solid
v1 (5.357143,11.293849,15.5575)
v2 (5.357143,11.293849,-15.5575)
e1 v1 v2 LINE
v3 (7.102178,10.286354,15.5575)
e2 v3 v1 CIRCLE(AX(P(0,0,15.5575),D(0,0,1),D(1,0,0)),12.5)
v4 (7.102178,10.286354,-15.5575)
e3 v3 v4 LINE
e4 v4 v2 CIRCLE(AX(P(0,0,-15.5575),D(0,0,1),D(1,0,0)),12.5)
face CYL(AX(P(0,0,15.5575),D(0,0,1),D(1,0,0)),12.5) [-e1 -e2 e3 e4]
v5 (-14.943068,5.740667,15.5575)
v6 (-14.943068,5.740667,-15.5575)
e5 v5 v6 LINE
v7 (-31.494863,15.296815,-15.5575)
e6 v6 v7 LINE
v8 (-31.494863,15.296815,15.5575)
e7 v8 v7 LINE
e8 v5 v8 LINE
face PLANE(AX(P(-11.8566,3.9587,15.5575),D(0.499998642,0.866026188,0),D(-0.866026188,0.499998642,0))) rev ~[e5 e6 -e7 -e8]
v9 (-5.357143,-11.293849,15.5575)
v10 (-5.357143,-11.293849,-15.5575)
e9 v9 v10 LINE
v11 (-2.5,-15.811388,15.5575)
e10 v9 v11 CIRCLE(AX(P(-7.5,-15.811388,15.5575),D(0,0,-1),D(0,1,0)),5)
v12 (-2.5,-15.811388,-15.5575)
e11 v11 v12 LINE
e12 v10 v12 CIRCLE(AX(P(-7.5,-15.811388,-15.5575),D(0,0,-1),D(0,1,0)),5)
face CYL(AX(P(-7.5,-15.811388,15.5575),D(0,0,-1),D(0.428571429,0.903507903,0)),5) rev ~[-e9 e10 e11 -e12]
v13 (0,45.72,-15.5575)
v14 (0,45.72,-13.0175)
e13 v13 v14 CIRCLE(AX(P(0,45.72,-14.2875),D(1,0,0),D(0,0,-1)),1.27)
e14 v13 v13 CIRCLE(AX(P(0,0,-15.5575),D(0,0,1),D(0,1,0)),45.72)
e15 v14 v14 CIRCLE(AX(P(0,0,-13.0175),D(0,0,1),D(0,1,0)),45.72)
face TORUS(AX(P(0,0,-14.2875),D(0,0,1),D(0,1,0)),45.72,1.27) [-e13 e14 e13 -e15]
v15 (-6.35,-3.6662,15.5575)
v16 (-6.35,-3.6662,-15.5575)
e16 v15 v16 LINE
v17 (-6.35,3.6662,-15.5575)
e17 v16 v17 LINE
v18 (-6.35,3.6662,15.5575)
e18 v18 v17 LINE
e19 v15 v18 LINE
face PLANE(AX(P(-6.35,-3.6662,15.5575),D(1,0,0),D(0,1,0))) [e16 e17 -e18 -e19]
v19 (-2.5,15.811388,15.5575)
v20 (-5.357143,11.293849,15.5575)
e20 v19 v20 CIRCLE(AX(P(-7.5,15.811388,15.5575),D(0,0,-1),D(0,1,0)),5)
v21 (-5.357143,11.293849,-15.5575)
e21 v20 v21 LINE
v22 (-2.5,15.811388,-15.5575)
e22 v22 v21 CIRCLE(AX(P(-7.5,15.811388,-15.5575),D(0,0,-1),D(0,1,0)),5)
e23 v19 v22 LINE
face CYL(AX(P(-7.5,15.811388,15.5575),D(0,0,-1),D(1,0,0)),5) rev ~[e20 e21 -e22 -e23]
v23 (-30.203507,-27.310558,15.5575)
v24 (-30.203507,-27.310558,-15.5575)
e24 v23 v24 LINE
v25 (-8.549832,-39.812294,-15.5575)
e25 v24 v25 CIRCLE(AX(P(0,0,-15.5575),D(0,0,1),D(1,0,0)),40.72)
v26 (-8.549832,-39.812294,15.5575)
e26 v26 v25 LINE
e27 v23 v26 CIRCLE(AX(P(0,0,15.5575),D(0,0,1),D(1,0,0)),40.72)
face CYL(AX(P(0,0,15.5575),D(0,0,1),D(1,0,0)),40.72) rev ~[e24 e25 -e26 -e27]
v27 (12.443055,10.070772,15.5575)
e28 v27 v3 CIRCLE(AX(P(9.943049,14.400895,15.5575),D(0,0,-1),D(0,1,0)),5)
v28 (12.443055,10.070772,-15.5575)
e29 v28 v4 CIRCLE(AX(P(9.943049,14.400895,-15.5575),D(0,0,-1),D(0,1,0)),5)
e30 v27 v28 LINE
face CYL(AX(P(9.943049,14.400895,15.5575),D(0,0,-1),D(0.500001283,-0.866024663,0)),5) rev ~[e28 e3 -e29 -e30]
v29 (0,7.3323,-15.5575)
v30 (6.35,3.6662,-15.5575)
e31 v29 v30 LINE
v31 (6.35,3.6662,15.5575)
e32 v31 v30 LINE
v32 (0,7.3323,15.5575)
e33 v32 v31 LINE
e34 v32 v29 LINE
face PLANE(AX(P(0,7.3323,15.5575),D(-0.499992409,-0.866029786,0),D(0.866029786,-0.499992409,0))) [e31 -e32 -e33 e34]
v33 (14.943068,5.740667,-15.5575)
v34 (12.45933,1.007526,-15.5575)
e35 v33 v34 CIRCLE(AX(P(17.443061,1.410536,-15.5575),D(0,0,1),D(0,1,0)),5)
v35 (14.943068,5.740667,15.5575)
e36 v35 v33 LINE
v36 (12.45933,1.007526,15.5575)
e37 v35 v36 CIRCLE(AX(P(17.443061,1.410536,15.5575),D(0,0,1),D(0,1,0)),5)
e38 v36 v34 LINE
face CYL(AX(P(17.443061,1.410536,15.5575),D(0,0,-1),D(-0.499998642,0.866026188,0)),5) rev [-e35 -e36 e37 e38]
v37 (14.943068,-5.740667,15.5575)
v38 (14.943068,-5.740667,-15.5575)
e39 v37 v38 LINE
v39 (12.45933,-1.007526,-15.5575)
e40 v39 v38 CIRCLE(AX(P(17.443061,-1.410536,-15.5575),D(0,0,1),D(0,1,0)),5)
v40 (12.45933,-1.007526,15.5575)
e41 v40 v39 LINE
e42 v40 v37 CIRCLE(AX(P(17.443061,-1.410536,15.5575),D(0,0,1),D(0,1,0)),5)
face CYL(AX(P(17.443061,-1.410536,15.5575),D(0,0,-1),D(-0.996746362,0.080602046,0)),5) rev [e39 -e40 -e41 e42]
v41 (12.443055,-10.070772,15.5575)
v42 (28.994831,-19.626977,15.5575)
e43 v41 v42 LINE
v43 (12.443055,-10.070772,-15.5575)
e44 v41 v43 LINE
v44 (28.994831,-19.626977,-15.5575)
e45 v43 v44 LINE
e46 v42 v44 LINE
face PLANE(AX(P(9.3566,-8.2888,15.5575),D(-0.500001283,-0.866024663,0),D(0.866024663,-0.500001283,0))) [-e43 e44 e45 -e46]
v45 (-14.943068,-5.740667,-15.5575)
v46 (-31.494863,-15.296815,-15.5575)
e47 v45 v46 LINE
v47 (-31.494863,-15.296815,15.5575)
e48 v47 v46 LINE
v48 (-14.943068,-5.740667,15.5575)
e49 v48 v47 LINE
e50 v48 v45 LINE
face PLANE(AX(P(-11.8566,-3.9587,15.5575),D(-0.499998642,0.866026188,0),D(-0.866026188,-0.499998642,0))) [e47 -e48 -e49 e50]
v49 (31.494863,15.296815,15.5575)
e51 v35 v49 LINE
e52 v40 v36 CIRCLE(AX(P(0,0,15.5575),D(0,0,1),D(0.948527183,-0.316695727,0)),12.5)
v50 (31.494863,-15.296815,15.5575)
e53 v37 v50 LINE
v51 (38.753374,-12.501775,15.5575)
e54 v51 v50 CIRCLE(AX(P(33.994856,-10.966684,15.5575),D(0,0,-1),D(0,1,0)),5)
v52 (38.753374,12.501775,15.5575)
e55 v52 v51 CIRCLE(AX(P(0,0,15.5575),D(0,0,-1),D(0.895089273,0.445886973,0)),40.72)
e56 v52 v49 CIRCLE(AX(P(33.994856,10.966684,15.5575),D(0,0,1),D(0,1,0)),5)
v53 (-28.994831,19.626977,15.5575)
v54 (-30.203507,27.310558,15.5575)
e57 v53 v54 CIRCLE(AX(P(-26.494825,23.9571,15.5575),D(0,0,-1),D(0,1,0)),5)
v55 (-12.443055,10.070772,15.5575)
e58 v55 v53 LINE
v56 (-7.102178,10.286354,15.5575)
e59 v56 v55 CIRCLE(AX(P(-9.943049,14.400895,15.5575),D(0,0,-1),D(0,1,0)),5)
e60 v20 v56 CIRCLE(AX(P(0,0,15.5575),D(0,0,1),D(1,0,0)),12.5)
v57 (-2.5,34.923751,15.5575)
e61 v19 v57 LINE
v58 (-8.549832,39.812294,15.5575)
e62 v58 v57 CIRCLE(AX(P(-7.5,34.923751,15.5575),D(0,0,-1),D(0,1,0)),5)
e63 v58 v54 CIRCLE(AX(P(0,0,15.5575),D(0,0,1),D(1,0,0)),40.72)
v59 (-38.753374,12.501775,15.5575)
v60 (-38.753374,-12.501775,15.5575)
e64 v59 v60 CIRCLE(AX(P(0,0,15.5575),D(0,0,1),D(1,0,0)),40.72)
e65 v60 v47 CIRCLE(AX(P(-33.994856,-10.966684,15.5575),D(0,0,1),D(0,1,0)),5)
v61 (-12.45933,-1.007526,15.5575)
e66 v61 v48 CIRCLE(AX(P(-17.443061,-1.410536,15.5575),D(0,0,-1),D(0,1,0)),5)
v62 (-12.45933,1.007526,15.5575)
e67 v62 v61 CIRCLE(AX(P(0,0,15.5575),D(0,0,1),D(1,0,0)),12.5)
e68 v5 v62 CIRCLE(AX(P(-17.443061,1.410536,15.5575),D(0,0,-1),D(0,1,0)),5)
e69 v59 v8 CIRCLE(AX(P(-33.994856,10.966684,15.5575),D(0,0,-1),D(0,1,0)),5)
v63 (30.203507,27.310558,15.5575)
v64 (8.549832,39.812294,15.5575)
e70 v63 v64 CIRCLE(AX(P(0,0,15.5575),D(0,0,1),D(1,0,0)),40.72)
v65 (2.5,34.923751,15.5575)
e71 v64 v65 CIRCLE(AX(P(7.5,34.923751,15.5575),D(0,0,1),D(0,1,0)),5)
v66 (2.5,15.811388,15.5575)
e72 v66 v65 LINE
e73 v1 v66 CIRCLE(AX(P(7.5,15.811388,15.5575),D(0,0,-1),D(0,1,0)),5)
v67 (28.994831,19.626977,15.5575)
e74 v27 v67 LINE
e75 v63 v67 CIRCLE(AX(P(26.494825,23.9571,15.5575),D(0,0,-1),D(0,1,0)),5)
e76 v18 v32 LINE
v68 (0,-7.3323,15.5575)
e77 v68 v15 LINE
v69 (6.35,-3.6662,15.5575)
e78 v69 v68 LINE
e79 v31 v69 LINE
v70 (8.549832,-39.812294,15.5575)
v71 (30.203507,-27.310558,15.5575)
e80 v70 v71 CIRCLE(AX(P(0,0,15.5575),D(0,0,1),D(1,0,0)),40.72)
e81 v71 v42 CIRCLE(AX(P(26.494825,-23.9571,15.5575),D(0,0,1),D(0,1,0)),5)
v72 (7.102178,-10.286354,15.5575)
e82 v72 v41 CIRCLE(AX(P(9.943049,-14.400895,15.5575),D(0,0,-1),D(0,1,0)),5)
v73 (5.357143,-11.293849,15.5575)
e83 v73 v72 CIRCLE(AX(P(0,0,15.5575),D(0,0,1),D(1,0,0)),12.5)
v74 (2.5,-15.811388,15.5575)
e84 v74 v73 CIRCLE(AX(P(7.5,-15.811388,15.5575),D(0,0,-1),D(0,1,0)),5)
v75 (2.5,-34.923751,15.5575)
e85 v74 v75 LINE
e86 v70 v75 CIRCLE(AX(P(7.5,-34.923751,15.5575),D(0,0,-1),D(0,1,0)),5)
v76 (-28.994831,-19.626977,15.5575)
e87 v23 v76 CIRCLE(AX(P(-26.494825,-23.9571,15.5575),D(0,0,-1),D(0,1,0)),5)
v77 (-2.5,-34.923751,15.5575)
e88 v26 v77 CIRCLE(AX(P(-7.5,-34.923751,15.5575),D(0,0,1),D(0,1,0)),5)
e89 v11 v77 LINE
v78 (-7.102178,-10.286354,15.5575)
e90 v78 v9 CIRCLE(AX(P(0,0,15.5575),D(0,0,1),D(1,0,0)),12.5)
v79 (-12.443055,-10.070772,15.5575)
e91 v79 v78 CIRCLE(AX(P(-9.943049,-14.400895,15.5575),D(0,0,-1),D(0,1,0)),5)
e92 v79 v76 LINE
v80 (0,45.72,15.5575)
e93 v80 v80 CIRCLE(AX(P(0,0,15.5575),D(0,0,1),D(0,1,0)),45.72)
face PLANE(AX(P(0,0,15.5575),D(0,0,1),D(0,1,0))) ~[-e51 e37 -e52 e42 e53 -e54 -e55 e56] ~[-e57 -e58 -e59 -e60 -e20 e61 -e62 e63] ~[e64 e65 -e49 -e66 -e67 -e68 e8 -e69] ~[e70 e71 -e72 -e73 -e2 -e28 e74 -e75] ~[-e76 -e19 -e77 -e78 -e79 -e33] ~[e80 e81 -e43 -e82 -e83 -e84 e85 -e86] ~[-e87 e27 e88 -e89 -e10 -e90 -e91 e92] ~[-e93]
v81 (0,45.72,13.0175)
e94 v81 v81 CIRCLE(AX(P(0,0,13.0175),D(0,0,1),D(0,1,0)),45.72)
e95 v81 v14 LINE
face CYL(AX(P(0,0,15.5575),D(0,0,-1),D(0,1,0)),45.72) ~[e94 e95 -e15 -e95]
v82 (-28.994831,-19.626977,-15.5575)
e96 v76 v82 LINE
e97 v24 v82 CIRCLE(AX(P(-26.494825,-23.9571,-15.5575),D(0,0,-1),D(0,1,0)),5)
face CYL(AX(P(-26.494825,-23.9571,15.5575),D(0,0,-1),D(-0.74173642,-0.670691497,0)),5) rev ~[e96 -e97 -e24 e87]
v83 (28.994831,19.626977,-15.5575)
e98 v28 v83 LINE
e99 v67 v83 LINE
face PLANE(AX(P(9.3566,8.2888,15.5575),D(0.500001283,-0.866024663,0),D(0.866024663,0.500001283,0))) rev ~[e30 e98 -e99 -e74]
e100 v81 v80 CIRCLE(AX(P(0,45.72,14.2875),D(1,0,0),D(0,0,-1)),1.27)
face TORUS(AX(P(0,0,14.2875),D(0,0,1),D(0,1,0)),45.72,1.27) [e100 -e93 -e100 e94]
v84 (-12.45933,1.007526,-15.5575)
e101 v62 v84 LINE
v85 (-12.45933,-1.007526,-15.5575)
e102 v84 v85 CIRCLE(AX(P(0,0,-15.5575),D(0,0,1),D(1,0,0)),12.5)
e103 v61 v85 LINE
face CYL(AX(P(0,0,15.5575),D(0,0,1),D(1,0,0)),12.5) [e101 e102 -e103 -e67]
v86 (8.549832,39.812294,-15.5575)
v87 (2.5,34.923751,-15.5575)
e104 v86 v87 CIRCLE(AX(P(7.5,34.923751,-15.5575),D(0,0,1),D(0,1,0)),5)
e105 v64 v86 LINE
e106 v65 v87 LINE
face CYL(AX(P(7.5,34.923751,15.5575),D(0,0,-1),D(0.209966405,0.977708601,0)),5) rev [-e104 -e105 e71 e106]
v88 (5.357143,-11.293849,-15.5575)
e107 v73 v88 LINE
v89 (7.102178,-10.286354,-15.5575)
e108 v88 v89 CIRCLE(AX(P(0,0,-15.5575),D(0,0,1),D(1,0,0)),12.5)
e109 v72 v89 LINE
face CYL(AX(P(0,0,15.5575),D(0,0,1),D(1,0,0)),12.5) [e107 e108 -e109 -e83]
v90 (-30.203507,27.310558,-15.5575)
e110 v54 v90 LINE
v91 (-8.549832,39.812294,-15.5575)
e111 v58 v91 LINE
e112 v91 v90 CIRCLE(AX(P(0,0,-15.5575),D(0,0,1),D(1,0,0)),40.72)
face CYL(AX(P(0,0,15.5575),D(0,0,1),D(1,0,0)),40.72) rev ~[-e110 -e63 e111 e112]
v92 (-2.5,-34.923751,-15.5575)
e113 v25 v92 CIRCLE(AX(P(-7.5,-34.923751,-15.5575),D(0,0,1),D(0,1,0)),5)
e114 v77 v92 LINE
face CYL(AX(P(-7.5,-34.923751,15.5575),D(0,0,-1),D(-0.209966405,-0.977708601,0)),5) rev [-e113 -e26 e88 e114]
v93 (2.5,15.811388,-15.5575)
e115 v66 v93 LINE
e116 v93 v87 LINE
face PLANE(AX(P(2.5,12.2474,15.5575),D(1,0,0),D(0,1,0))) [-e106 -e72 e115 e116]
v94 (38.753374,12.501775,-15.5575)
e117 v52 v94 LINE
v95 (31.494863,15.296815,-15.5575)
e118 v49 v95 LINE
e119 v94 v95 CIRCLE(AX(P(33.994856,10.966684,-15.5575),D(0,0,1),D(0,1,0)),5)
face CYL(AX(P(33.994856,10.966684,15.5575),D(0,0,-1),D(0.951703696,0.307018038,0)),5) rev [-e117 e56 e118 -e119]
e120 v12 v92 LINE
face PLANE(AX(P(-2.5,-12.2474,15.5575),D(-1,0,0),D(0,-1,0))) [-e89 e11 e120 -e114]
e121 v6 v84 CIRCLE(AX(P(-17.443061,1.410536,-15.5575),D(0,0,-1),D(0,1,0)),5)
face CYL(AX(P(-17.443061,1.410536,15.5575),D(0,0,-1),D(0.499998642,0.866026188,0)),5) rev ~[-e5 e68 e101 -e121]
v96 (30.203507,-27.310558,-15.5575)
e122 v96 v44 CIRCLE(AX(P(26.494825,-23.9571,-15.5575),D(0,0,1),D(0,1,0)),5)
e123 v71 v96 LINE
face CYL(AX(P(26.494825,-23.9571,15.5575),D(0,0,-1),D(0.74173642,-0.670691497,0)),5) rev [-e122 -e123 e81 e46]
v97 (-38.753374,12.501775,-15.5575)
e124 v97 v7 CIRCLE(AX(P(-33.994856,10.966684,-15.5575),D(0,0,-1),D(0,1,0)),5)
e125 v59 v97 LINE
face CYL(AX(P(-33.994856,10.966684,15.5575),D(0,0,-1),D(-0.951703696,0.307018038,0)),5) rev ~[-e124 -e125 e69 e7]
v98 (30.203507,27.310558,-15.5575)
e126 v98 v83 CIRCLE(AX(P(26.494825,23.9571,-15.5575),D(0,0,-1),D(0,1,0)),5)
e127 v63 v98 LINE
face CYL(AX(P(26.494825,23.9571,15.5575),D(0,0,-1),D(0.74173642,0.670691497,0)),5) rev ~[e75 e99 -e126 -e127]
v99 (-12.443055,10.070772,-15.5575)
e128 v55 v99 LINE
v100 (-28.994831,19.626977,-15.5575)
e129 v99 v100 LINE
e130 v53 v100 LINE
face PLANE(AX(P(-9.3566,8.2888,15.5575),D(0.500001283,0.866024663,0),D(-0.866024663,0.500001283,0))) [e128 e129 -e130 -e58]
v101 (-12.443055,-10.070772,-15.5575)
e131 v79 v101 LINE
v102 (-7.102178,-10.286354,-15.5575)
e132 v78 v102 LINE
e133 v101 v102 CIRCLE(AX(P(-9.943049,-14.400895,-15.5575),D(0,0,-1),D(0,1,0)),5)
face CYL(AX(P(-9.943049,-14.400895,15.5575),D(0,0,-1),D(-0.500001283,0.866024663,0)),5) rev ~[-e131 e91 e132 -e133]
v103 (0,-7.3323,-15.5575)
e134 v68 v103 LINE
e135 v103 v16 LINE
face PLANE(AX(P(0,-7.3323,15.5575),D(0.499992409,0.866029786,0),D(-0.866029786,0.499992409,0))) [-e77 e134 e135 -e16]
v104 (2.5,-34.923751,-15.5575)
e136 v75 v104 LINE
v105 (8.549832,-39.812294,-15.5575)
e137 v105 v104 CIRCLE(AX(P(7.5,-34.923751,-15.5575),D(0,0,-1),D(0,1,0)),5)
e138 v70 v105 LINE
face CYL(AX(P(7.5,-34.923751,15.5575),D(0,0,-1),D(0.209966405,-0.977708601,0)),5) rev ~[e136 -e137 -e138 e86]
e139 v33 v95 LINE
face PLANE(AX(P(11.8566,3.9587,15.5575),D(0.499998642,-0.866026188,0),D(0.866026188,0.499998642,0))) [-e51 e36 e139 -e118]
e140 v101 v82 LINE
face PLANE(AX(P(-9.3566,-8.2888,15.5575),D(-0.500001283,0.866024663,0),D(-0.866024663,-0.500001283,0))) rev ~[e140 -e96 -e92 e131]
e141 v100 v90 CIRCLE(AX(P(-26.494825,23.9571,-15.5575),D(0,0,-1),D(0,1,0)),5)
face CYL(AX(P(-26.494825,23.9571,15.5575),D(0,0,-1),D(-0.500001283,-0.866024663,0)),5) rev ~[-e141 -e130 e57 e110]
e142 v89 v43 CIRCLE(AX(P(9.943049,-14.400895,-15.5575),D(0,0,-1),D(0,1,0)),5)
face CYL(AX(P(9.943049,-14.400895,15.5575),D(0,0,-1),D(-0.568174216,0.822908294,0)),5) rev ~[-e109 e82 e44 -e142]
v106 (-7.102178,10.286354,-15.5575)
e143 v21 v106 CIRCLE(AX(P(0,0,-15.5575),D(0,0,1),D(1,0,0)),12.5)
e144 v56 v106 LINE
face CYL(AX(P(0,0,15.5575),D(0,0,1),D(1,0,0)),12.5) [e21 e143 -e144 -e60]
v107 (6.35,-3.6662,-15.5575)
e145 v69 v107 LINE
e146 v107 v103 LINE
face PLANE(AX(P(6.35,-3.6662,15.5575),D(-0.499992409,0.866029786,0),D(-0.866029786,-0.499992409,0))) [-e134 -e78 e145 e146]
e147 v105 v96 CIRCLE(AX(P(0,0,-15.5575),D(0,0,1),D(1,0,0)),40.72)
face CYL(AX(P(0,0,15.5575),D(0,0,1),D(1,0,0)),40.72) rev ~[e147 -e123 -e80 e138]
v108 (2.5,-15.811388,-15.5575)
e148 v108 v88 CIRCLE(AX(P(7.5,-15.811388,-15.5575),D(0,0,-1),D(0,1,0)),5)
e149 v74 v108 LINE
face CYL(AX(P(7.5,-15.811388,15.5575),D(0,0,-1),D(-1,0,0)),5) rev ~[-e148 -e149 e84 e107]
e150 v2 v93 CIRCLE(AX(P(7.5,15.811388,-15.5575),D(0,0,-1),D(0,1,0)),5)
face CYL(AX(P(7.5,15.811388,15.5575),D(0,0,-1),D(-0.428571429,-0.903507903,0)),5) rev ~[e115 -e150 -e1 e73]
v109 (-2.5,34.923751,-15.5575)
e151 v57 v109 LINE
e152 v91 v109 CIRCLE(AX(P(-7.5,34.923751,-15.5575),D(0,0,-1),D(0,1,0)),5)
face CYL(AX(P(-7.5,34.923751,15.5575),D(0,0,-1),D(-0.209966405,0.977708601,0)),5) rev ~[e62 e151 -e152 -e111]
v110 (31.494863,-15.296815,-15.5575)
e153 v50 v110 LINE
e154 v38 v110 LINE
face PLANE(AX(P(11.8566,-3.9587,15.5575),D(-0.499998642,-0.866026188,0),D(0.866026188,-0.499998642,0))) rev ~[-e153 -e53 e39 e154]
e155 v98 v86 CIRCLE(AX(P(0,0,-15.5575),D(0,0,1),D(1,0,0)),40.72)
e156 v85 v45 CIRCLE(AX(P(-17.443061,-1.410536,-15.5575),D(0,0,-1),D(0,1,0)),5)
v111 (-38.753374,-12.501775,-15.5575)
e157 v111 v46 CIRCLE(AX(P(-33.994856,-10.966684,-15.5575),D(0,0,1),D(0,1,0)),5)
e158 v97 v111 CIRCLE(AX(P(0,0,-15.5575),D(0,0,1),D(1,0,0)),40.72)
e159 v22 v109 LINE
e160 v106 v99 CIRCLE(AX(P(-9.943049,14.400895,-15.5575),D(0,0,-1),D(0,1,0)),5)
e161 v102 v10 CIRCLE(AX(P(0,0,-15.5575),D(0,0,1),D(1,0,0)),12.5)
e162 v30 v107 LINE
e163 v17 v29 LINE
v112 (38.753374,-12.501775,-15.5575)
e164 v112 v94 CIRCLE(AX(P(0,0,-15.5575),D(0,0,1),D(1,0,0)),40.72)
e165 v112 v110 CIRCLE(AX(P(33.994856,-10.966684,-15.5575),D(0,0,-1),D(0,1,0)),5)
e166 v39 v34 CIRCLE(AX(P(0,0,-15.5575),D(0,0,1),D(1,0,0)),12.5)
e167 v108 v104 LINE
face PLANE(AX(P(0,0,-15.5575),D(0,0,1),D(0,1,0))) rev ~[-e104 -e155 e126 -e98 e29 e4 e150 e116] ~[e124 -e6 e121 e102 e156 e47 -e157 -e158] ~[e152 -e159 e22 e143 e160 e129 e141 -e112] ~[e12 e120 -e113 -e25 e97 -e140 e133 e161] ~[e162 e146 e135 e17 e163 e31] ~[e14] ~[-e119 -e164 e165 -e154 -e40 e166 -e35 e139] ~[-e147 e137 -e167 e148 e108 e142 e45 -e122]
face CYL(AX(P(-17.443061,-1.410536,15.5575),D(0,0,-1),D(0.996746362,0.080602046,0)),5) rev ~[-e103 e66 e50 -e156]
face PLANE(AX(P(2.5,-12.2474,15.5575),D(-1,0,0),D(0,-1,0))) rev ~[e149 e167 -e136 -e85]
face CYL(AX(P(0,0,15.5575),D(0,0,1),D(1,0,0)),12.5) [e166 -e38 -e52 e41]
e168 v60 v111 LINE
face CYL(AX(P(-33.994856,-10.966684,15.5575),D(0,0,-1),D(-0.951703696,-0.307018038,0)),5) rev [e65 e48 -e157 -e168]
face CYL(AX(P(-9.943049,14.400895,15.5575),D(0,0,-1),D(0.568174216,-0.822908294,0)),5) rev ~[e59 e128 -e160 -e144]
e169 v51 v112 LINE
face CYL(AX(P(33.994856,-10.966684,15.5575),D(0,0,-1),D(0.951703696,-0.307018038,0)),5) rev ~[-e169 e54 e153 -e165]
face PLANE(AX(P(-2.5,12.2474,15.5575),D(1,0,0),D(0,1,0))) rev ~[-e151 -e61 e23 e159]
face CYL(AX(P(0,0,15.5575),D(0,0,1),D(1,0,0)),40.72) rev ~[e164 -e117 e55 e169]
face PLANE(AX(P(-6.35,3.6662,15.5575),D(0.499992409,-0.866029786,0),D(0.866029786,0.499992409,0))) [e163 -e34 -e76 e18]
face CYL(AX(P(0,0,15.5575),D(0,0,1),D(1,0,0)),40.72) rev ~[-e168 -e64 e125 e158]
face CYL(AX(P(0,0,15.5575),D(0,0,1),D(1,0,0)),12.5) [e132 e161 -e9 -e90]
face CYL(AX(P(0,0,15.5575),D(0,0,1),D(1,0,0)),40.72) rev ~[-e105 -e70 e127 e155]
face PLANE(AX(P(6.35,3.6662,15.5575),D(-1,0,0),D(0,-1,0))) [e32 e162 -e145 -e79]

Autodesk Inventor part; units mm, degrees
ref_plane "YZ Plane" through (0, 0, 0) normal (1, 0, 0) x (0, 1, 0)
ref_plane "XZ Plane" through (0, 0, 0) normal (0, 1, 0) x (-1, 0, 0)
ref_plane "XY Plane" through (0, 0, 0) normal (0, 0, 1) x (1, 0, 0)
sketch "Sketch1" plane through (0, 0, 0) normal (1, 0, 0) x (0, 1, 0)
  line L0 (0, 15.5575) -> (45.72, 15.5575)
  line L1 (45.72, 15.5575) -> (45.72, -15.5575)
  line L2 (45.72, -15.5575) -> (0, -15.5575)
  line L3 (0, -15.5575) -> (0, 15.5575)
  arc A0 (45.72, 13.0175) -> (45.72, 15.5575) centre (45.72, 14.2875) ccw
  arc A1 (45.72, -15.5575) -> (45.72, -13.0175) centre (45.72, -14.2875) ccw
  line L4 (45.72, 13.0175) -> (50.8, 13.0175)
  line L5 (50.8, 13.0175) -> (50.8, -13.0175)
  line L6 (50.8, -13.0175) -> (45.72, -13.0175)
  line L7 (45.72, -13.0175) -> (45.72, 13.0175)
  point P0 (0, 0)
  point P1 (45.72, 0)
  point P2 (0, 0)
  dimension "d0" = 1.27
  dimension "d1" = 1.27
  dimension "d2" = 45.72
  dimension "d3" = 26.035
  dimension "d4" = 5.08
revolve "Revolution1" add sketch "Sketch1" angle 360 about axis through (0, 0, -15.5575) along (0, 0, 1) contours L0 L1 L2 L3 | A0 L1 | L1 A1
sketch "Sketch2" plane through (0, 0, 15.5575) normal (0, 0, 1) x (1, 0, 0)
  line L0 (-6.35, 3.6662) -> (0, 7.3323)
  line L1 (0, 7.3323) -> (6.35, 3.6662)
  line L2 (6.35, 3.6662) -> (6.35, -3.6662)
  line L3 (6.35, -3.6662) -> (0, -7.3323)
  line L4 (0, -7.3323) -> (-6.35, -3.6662)
  line L5 (-6.35, -3.6662) -> (-6.35, 3.6662)
  point P0 (0, 0)
  point P1 (0, 0)
  point P2 (6.35, 0)
  dimension "d6" = 12.7
extrude "Extrusion1" cut sketch "Sketch2" against normal through all
sketch "Sketch3" plane through (0, 0, 15.5575) normal (0, 0, 1) x (1, 0, 0)
  circle A0 centre (0, 0) radius 12.5
  circle A1 centre (0, 0) radius 45.72 construction
  circle A2 centre (0, 0) radius 40.72
  line L0 (0, -12.5) -> (0, -40.72)
  line L1 (6.35, -3.6662) -> (0, -7.3323) projected
  line L2 (0, -7.3323) -> (-6.35, -3.6662) projected
  line L3 (-6.35, -3.6662) -> (-6.35, 3.6662) projected
  line L4 (-6.35, 3.6662) -> (0, 7.3323) projected
  line L5 (0, 7.3323) -> (6.35, 3.6662) projected
  line L6 (6.35, 3.6662) -> (6.35, -3.6662) projected
  circle A3 centre (0, 0) radius 45.72 projected
  line L7 (0, 0) -> (35.2646, -20.36)
  line L8 (0, 0) -> (35.2646, 20.36)
  line L9 (0, 0) -> (0, 40.72)
  line L10 (0, 0) -> (-35.2646, 20.36)
  line L11 (0, 0) -> (-35.2646, -20.36)
  line L12 (-11.8566, 3.9587) -> (-36.448, 18.1565)
  line L13 (-9.3566, 8.2888) -> (-33.948, 22.4867)
  line L14 (-11.8566, -3.9587) -> (-36.448, -18.1565)
  line L15 (-9.3566, -8.2888) -> (-33.948, -22.4867)
  line L16 (-2.5, -12.2474) -> (-2.5, -40.6432)
  line L17 (2.5, -12.2474) -> (2.5, -40.6432)
  line L18 (9.3566, -8.2888) -> (33.948, -22.4867)
  line L19 (11.8566, -3.9587) -> (36.448, -18.1565)
  line L20 (11.8566, 3.9587) -> (36.448, 18.1565)
  line L21 (9.3566, 8.2888) -> (33.948, 22.4867)
  line L22 (2.5, 12.2474) -> (2.5, 40.6432)
  line L23 (-2.5, 12.2474) -> (-2.5, 40.6432)
  point P0 (-36.448, -18.1565)
  dimension "d9" = 25
  dimension "d10" = 5
  dimension "d13" = 2.5
  dimension "d14" = 5
  dimension "d17" = 360
extrude "Extrusion2" cut sketch "Sketch3" against normal through all contours A0 L20 A2 L19 | A0 L22 A2 L21 | L18 A2 L17 A0 | A0 L13 A2 L23 | L16 A2 L15 A0 | A0 L14 A2 L12
fillet "Fillet1" radius 5 2 edges at (-33.948, 22.4867, 0) (-36.448, 18.1565, 0)
pattern_circular "Circular Pattern1" count 6 over 360 about axis through (0, 0, -10) along (0, 0, 1) of "Fillet1"
fillet "Fillet2" radius 5 2 edges at (9.3566, 8.2888, 0) (11.8566, 3.9587, 0)
pattern_circular "Circular Pattern2" count 6 over 360 about axis through (0, 0, -10) along (0, 0, 1) of "Fillet2"
equation "\"d1\" = d0"
properties part number "CUSTOM 4IN WHEEL" material "Aluminum 6061"
